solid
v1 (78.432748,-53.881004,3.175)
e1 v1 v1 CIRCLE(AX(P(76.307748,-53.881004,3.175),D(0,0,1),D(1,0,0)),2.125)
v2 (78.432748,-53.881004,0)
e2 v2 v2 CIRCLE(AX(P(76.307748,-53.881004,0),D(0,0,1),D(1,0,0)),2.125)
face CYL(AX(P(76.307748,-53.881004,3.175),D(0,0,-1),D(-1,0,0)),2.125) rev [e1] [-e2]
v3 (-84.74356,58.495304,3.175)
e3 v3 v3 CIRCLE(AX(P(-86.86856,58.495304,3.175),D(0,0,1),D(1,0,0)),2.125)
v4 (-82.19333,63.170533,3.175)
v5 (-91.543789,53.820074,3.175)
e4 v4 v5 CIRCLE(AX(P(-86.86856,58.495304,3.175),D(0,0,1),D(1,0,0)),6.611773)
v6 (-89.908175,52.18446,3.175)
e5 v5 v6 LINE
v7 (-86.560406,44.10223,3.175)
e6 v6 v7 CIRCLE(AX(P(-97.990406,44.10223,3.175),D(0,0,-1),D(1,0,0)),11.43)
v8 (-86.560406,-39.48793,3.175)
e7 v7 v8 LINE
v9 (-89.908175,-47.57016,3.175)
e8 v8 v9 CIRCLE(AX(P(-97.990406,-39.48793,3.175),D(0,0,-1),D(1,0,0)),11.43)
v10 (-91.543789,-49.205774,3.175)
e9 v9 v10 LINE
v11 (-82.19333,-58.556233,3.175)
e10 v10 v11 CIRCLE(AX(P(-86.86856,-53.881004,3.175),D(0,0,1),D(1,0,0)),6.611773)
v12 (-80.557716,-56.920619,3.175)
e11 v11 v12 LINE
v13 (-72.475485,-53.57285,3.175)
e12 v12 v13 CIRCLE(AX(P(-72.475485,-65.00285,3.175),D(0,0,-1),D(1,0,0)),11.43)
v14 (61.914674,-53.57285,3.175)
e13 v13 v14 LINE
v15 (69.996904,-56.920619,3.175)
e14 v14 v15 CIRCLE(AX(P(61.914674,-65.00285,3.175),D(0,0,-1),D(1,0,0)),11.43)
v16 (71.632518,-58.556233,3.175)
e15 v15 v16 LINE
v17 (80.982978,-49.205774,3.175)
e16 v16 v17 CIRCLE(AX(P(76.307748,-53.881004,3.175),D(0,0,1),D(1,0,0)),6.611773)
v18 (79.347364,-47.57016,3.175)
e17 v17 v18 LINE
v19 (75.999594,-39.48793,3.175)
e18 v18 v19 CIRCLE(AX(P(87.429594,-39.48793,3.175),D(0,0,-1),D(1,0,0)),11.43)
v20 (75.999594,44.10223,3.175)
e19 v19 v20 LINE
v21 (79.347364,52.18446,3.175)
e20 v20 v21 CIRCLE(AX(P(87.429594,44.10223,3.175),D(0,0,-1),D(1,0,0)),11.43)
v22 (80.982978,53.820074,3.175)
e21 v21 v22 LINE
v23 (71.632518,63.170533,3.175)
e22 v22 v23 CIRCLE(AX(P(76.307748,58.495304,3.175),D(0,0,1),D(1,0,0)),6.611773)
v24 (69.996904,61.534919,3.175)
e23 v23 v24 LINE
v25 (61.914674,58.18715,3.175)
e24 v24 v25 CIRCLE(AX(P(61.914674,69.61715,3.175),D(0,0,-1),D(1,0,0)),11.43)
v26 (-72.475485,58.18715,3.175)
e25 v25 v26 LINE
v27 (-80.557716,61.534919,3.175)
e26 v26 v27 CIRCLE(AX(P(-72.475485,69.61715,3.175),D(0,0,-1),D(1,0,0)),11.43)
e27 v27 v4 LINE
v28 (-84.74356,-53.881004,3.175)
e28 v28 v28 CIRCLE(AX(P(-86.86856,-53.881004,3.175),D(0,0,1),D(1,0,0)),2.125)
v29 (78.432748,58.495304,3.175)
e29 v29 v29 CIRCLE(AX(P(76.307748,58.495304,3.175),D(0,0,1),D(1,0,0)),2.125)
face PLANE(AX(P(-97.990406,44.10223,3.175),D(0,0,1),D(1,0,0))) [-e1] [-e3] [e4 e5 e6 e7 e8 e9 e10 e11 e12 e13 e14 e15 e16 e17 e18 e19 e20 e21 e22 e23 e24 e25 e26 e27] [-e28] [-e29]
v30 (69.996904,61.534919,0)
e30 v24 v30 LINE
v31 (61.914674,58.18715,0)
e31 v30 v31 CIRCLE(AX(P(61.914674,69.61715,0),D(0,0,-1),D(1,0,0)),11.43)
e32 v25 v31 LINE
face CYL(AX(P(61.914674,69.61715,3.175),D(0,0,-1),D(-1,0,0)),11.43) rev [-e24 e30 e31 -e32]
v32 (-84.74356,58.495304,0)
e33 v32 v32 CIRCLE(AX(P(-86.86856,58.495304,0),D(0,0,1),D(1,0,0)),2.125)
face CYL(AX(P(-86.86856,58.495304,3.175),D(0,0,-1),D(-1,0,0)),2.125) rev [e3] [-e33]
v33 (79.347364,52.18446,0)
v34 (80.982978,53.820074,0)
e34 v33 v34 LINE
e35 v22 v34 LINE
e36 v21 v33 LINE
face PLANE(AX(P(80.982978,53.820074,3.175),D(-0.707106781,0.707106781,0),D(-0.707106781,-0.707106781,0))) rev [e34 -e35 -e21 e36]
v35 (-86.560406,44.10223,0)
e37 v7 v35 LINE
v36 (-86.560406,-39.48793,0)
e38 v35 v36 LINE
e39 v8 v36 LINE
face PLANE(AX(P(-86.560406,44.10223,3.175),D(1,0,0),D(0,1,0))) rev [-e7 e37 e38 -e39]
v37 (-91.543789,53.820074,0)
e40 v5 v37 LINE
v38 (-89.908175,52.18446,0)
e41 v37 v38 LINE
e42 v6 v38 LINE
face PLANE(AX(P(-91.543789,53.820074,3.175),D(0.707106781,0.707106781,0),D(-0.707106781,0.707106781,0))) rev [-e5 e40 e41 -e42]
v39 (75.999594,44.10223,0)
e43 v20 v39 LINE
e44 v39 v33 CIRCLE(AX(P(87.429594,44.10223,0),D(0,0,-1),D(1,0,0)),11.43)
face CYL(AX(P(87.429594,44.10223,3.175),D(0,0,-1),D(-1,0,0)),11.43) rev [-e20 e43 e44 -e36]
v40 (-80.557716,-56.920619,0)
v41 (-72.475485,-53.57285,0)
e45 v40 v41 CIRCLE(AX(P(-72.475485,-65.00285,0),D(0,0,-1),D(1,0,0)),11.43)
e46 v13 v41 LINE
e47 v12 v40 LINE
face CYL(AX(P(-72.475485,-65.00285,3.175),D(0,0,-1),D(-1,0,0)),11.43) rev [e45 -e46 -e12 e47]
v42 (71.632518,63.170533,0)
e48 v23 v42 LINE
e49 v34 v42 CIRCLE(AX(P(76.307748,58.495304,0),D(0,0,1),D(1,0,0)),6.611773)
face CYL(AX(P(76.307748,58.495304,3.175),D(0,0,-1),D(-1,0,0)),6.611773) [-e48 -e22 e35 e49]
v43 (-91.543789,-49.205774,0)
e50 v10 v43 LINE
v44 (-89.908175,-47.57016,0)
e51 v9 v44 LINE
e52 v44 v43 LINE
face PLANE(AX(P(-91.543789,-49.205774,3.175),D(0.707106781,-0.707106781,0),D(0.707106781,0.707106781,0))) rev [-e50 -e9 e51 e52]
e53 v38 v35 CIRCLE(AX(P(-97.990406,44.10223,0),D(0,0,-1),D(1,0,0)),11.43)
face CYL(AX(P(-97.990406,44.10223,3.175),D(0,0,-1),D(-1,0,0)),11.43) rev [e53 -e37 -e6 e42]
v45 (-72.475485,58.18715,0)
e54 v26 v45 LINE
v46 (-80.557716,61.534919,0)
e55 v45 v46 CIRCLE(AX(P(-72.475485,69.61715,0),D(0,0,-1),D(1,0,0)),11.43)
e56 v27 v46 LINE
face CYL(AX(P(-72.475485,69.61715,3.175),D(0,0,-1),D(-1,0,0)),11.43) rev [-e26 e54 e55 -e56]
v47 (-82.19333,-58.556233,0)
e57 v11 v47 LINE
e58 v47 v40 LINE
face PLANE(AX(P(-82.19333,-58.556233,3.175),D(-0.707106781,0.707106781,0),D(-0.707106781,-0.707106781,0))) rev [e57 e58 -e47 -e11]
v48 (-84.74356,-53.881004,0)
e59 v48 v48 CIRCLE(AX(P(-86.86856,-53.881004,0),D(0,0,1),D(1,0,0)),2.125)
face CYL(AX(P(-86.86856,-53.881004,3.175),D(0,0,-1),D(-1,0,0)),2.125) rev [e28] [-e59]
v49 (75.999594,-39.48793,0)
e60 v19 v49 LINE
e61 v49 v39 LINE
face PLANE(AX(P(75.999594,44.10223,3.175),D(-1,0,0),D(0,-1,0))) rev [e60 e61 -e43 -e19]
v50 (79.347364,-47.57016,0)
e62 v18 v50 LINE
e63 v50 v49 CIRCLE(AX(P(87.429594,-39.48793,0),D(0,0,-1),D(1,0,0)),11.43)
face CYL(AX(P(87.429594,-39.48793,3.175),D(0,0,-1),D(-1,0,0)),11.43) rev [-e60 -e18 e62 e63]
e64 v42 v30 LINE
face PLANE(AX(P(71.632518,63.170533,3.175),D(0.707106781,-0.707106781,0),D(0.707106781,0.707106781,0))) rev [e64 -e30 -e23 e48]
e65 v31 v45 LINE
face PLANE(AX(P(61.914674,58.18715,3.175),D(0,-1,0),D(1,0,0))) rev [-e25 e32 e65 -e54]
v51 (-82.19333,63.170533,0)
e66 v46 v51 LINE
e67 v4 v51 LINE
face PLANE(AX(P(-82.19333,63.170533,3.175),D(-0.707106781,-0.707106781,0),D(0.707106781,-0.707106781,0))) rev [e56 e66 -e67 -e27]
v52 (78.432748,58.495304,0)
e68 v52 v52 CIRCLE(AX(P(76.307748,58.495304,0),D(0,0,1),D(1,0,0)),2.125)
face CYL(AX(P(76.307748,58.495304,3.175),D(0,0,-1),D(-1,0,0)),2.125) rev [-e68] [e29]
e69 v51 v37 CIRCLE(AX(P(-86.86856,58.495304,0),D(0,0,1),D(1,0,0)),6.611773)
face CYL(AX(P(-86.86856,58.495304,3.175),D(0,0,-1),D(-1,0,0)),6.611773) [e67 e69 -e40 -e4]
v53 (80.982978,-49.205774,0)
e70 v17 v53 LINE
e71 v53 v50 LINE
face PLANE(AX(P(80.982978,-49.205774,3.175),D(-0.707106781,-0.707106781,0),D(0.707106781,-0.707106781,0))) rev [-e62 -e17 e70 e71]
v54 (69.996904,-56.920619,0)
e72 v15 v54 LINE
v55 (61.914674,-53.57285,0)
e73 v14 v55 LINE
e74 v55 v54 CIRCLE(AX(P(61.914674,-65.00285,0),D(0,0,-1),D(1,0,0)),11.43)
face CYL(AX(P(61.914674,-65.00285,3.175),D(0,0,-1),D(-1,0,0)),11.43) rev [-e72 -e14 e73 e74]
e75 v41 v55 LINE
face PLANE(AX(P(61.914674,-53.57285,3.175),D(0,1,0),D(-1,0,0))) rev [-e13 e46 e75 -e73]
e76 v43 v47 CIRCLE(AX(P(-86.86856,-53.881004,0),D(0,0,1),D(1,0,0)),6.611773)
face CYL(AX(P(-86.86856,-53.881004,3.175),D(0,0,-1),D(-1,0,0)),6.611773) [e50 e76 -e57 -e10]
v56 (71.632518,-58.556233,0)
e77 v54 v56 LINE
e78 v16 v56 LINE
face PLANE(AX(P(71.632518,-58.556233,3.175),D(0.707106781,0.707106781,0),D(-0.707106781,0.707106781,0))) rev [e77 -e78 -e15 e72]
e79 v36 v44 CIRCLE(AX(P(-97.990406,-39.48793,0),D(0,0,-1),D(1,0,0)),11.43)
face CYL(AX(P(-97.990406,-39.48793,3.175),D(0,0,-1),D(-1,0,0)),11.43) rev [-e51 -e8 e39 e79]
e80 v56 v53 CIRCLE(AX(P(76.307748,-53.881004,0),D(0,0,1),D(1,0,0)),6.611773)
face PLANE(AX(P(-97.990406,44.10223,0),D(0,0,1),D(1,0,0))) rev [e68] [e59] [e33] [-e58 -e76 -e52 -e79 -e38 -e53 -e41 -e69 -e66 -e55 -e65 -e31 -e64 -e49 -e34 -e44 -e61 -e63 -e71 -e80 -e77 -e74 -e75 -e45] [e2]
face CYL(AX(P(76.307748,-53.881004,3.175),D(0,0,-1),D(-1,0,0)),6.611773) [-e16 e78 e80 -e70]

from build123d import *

# Parameters (mm, degrees)
SKETCH1_R           = 2.125
BOSS_EXTRUDE1_DEPTH = 3.175


with BuildPart() as part:
    # Sketch1 → Boss-Extrude1 (new body)
    with BuildSketch(Plane.XY):
        with BuildLine():
            Line((-86.560405869, 44.10222959), (-86.560405869, -39.487929575))
            ThreePointArc((-86.560405869, -39.487929575), (-87.430462813, -43.862001207), (-89.90817536, -47.570160084))
            Line((-89.90817536, -47.570160084), (-91.543789242, -49.205773965))
            ThreePointArc((-91.543789242, -49.205773965), (-91.543789242, -58.556233365), (-82.193329842, -58.556233365))
            Line((-82.193329842, -58.556233365), (-80.557715961, -56.920619483))
            ThreePointArc((-80.557715961, -56.920619483), (-76.849557084, -54.442906936), (-72.475485452, -53.572849992))
            Line((-72.475485452, -53.572849992), (61.914673713, -53.572849992))
            ThreePointArc((61.914673713, -53.572849992), (66.288745345, -54.442906936), (69.996904222, -56.920619483))
            Line((69.996904222, -56.920619483), (71.632518104, -58.556233365))
            ThreePointArc((71.632518104, -58.556233365), (80.982977503, -58.556233365), (80.982977503, -49.205773965))
            Line((80.982977503, -49.205773965), (79.347363622, -47.570160084))
            ThreePointArc((79.347363622, -47.570160084), (76.869651074, -43.862001207), (75.999594131, -39.487929575))
            Line((75.999594131, -39.487929575), (75.999594131, 44.10222959))
            ThreePointArc((75.999594131, 44.10222959), (76.869651074, 48.476301222), (79.347363622, 52.184460099))
            Line((79.347363622, 52.184460099), (80.982977503, 53.820073981))
            ThreePointArc((80.982977503, 53.820073981), (80.982977503, 63.17053338), (71.632518104, 63.17053338))
            Line((71.632518104, 63.17053338), (69.996904222, 61.534919499))
            ThreePointArc((69.996904222, 61.534919499), (66.288745345, 59.057206951), (61.914673713, 58.187150008))
            Line((61.914673713, 58.187150008), (-72.475485452, 58.187150008))
            ThreePointArc((-72.475485452, 58.187150008), (-76.849557084, 59.057206951), (-80.557715961, 61.534919499))
            Line((-80.557715961, 61.534919499), (-82.193329842, 63.17053338))
            ThreePointArc((-82.193329842, 63.17053338), (-91.543789242, 63.17053338), (-91.543789242, 53.820073981))
            Line((-91.543789242, 53.820073981), (-89.90817536, 52.184460099))
            ThreePointArc((-89.90817536, 52.184460099), (-87.430462813, 48.476301222), (-86.560405869, 44.10222959))
        make_face()
        with Locations((-86.868559542, 58.49530368)):
            Circle(SKETCH1_R, mode=Mode.SUBTRACT)
        with Locations((76.307747803, 58.49530368)):
            Circle(SKETCH1_R, mode=Mode.SUBTRACT)
        with Locations((76.307747803, -53.881003665)):
            Circle(SKETCH1_R, mode=Mode.SUBTRACT)
        with Locations((-86.868559542, -53.881003665)):
            Circle(SKETCH1_R, mode=Mode.SUBTRACT)
    extrude(amount=BOSS_EXTRUDE1_DEPTH)


solid = part.part
